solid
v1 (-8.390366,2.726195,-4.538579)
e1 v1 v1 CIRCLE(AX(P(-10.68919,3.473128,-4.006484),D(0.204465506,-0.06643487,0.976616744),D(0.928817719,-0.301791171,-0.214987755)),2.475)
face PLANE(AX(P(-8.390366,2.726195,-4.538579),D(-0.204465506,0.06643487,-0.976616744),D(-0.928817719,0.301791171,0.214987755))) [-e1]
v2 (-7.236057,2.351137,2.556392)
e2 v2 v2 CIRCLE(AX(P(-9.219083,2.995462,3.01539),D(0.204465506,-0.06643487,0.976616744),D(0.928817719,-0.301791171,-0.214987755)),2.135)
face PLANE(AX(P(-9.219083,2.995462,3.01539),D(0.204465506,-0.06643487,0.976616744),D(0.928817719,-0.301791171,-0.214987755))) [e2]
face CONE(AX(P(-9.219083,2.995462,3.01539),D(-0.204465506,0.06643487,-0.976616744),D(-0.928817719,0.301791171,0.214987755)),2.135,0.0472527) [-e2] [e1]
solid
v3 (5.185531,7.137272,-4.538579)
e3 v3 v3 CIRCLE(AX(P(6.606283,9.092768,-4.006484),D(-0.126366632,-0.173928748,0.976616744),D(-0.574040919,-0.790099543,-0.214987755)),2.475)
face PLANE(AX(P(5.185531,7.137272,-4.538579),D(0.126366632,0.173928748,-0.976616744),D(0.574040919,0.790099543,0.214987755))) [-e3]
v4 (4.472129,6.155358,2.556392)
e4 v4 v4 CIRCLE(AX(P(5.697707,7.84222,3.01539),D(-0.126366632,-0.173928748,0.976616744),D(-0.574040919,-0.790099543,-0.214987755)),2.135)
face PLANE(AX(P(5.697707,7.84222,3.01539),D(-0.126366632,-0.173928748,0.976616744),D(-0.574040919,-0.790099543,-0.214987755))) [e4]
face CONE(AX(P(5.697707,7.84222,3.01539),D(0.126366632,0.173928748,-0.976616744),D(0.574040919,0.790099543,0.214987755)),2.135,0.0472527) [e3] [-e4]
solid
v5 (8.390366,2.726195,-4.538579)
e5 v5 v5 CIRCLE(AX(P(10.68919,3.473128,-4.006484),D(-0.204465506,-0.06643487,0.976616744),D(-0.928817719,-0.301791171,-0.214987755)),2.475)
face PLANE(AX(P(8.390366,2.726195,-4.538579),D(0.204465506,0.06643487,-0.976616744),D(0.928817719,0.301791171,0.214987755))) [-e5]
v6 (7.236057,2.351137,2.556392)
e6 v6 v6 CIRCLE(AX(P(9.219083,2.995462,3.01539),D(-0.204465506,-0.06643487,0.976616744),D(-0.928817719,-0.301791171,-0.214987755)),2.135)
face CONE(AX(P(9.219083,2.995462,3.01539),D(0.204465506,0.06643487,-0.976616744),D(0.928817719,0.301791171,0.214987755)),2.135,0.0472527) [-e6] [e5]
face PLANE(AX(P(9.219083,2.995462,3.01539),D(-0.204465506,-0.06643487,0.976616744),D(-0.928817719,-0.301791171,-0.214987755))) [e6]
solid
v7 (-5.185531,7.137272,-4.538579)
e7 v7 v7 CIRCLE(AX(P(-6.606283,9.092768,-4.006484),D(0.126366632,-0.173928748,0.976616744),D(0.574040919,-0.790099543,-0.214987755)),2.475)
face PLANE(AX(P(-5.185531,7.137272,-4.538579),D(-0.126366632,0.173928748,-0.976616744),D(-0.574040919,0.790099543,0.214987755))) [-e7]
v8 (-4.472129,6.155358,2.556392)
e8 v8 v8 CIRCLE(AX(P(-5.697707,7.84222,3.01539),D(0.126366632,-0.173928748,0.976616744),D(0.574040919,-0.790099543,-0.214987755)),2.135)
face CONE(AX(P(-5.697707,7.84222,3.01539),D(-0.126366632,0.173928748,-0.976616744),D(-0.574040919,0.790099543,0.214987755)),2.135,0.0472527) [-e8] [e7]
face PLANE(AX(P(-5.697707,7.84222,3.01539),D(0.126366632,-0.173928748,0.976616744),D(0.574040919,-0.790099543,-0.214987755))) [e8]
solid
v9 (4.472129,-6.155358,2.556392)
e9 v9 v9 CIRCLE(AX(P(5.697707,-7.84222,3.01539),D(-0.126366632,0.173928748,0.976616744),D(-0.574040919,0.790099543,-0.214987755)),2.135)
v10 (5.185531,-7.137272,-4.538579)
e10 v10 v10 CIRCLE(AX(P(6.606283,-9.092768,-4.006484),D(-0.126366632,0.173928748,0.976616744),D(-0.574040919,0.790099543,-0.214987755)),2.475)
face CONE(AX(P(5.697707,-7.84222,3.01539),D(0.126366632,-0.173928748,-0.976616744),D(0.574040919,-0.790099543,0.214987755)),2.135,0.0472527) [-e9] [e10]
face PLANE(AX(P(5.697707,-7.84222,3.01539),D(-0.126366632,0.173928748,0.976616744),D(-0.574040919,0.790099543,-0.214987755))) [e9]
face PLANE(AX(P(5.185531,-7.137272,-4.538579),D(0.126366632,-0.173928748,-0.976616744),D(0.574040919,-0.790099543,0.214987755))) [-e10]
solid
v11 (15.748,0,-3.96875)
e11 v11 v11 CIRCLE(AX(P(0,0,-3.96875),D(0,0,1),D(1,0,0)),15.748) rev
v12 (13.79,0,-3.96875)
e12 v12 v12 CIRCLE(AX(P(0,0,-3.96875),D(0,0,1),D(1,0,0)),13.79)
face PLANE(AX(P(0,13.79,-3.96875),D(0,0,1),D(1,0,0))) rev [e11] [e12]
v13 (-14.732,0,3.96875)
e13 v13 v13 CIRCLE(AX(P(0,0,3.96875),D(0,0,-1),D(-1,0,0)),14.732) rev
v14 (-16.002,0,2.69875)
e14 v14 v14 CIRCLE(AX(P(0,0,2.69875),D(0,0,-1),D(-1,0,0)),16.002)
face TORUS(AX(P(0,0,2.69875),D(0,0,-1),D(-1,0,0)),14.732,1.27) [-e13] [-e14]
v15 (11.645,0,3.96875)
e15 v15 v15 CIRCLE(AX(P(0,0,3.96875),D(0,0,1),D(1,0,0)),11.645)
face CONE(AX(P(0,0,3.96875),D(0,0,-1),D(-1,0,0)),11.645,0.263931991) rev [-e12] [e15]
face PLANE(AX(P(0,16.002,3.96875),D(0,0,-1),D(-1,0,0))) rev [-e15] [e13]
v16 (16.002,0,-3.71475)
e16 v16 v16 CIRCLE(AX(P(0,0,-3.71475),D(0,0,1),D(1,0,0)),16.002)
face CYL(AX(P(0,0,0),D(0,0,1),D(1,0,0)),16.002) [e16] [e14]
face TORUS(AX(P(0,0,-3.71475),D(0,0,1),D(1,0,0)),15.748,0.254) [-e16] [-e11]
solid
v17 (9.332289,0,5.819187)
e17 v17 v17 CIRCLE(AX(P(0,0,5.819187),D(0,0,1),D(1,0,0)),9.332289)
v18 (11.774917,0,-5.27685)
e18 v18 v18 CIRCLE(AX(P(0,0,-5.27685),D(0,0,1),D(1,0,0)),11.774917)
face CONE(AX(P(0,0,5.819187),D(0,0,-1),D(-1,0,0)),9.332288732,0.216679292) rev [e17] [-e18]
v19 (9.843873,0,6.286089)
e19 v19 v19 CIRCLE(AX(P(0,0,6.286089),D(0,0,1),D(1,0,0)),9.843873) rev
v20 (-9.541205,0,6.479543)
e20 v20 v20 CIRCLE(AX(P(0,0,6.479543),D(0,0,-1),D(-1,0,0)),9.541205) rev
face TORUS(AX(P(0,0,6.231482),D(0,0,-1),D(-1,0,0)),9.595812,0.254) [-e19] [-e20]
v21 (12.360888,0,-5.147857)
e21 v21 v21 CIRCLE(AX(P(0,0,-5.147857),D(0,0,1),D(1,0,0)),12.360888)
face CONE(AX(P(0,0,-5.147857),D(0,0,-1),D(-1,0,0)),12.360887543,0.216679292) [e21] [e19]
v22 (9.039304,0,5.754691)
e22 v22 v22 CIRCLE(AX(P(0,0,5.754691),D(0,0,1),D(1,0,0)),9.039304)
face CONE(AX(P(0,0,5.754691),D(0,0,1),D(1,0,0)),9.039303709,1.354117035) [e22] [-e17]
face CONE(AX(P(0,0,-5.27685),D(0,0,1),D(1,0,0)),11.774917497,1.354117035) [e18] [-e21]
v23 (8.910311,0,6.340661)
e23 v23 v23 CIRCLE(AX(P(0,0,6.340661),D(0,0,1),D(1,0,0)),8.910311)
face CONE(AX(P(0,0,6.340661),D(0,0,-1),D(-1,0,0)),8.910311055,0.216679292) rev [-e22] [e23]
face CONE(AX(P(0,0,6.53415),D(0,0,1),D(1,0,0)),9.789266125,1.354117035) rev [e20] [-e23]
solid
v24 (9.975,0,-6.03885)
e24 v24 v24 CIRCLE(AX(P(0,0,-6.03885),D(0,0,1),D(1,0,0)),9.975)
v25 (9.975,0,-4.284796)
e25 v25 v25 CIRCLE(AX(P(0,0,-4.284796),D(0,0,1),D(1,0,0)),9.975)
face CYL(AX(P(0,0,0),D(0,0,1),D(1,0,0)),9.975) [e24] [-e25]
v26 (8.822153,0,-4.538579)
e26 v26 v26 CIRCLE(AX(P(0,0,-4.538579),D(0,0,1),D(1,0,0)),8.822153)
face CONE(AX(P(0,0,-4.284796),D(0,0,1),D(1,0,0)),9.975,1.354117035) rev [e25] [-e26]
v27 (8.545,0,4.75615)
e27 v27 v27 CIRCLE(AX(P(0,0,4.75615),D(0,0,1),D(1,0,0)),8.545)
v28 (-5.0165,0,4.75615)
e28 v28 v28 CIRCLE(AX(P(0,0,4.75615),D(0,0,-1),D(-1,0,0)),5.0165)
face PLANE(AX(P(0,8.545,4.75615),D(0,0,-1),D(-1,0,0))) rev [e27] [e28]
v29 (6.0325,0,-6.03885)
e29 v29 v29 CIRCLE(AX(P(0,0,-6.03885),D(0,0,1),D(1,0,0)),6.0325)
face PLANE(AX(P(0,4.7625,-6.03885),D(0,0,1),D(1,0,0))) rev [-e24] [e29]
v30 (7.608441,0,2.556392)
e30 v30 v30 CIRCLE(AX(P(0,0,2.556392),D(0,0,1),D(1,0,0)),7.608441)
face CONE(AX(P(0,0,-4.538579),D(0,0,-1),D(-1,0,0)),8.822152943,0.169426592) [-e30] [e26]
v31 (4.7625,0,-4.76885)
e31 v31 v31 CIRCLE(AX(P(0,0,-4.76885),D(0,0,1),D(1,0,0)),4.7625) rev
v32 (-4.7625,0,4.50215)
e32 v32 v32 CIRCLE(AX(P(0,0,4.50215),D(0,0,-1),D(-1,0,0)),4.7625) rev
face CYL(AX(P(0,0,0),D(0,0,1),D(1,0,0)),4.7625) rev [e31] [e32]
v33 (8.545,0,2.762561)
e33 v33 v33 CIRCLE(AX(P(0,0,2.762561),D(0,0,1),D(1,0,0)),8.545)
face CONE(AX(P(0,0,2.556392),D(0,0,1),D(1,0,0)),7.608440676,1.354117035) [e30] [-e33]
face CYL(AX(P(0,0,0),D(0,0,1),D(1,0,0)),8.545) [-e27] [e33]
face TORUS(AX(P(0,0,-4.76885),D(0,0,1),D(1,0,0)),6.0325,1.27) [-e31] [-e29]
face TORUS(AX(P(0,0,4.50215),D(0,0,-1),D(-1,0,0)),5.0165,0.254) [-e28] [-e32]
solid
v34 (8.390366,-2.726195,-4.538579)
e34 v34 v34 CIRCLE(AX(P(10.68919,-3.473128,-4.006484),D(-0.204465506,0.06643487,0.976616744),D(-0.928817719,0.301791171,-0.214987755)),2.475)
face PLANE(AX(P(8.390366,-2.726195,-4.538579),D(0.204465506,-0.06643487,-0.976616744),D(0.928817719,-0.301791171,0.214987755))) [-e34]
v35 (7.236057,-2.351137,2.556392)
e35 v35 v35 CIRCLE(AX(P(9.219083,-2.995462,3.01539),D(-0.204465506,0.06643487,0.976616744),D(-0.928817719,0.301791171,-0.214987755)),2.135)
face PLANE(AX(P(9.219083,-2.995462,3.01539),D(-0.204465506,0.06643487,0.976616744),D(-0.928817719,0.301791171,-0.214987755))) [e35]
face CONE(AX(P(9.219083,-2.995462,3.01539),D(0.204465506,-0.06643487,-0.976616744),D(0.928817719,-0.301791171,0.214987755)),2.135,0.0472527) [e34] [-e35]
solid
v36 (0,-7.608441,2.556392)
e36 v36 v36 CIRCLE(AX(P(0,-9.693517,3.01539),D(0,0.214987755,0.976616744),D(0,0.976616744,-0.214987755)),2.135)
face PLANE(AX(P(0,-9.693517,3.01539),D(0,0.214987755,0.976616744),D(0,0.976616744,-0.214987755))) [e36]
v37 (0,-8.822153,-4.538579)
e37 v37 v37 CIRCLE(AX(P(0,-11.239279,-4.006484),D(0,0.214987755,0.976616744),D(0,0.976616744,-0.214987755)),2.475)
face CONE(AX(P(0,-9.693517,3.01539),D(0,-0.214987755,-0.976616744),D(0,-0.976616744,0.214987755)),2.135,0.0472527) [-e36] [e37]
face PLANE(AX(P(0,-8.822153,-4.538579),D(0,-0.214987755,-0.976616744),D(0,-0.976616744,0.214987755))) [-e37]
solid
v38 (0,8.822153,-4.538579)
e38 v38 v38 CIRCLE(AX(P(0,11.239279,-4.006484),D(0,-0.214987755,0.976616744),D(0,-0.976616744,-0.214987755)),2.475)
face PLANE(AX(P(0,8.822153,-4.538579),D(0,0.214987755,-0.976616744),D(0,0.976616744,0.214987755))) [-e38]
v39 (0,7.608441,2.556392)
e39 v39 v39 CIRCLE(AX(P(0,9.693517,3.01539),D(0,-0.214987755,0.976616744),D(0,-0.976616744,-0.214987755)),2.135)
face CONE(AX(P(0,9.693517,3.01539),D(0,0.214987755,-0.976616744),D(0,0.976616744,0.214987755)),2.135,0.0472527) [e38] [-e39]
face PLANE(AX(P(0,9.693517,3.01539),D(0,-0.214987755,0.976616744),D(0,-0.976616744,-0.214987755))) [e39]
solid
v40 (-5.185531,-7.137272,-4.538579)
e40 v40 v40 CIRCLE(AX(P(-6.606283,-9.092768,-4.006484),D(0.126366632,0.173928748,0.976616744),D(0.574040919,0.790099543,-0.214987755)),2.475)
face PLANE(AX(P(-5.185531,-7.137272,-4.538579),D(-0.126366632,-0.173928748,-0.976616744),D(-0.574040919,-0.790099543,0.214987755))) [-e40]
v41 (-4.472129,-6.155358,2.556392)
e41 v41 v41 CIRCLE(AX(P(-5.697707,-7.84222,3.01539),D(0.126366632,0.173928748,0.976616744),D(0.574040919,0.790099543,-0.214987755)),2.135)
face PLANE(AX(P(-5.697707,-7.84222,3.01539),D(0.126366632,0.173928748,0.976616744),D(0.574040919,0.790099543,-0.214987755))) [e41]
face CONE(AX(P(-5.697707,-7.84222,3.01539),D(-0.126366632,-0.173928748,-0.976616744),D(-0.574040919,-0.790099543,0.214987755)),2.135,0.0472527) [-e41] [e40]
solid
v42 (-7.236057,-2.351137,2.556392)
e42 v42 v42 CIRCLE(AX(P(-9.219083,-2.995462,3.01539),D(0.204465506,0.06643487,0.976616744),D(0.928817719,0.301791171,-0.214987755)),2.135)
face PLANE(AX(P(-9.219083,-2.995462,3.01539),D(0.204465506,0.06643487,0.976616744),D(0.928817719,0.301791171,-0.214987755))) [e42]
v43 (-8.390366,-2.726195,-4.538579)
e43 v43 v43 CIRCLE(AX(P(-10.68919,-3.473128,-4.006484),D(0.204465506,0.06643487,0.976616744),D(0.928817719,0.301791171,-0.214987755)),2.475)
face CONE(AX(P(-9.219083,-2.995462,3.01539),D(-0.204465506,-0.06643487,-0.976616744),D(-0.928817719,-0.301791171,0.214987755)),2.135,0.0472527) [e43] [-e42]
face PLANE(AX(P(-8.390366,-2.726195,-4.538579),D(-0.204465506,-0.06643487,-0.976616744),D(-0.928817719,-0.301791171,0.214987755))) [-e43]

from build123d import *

# Parameters (mm, degrees)
CIRPATTERN1_COUNT = 10
FILLET1_R         = 1.27
FILLET2_R         = 1.27
FILLET3_R         = 0.254
FILLET4_R         = 0.254
FILLET5_R         = 0.254


with BuildPart() as part:
    # Sketch2 → Revolve1 (revolve)
    with BuildSketch(Plane(origin=(0, 0, 0), x_dir=(0, 0, -1), z_dir=(1, 0, 0))):
        Polygon((-3.96875, 16.002), (-3.96875, 11.645), (3.96875, 13.79), (3.96875, 16.002), align=None)
    revolve(axis=Axis((0, 0, 0), (0, 0, -1)))

    # Fillet2
    fillet2_edges = [part.edges().sort_by_distance(p)[0] for p in [
        (0, -16.002, 3.96875),
    ]]
    fillet(fillet2_edges, radius=FILLET2_R)

    # Fillet4
    fillet4_edges = [part.edges().sort_by_distance(p)[0] for p in [
        (0, -16.002, -3.96875),
    ]]
    fillet(fillet4_edges, radius=FILLET4_R)


with BuildPart() as body_2:
    # Sketch3 → Revolve2 (revolve)
    with BuildSketch(Plane(origin=(0, 0, 0), x_dir=(0, 0, -1), z_dir=(1, 0, 0))):
        Polygon((-4.75615, 8.545), (-4.75615, 4.7625), (6.03885, 4.7625), (6.03885, 9.975), (4.284796409, 9.975), (4.538578666, 8.822152943), (-2.556391562, 7.608440676), (-2.762561268, 8.545), align=None)
    revolve(axis=Axis((0, 0, 0), (0, 0, -1)))

    # Fillet1
    fillet1_edges = [body_2.edges().sort_by_distance(p)[0] for p in [
        (0, -4.7625, -6.03885),
    ]]
    fillet(fillet1_edges, radius=FILLET1_R)

    # Fillet3
    fillet3_edges = [body_2.edges().sort_by_distance(p)[0] for p in [
        (0, -4.7625, 4.75615),
    ]]
    fillet(fillet3_edges, radius=FILLET3_R)


with BuildPart() as body_3:
    # Sketch4 → Revolve3 (revolve)
    with BuildSketch(Plane(origin=(0, 0, 0), x_dir=(0, 0, -1), z_dir=(1, 0, 0))):
        Polygon((5.27685, 11.774917497), (5.147857347, 12.360887543), (-6.53415, 9.789266125), (-6.34066102, 8.910311055), (-5.754690974, 9.039303709), (-5.8191873, 9.332288732), align=None)
    revolve(axis=Axis((0, 0, 0), (0, 0, -1)))

    # Fillet5
    fillet5_edges = [body_3.edges().sort_by_distance(p)[0] for p in [
        (0, -9.789266125, 6.53415),
    ]]
    fillet(fillet5_edges, radius=FILLET5_R)


with BuildPart() as body_4:
    # Sketch6 → Revolve4 (revolve)
    with BuildSketch(Plane(origin=(0, 0, 0), x_dir=(0, 0, -1), z_dir=(1, 0, 0))):
        Polygon((4.538578666, 8.822152943), (4.006483971, 11.239279385), (-3.01539042, 9.693517424), (-2.556391562, 7.608440676), align=None)
    revolve(axis=Axis((0, 9.693517424, 3.01539042), (0, 0.21498775526235864, -0.9766167442181464)))


with BuildPart() as cirpattern1_1:
    # CirPattern1: pattern copy
    add(body_4.part.rotate(Axis((0, 0, 0), (0, 0, -1)), 1 * 360 / CIRPATTERN1_COUNT))


with BuildPart() as cirpattern1_2:
    # CirPattern1: pattern copy
    add(body_4.part.rotate(Axis((0, 0, 0), (0, 0, -1)), 2 * 360 / CIRPATTERN1_COUNT))


with BuildPart() as cirpattern1_3:
    # CirPattern1: pattern copy
    add(body_4.part.rotate(Axis((0, 0, 0), (0, 0, -1)), 3 * 360 / CIRPATTERN1_COUNT))


with BuildPart() as cirpattern1_4:
    # CirPattern1: pattern copy
    add(body_4.part.rotate(Axis((0, 0, 0), (0, 0, -1)), 4 * 360 / CIRPATTERN1_COUNT))


with BuildPart() as cirpattern1_5:
    # CirPattern1: pattern copy
    add(body_4.part.rotate(Axis((0, 0, 0), (0, 0, -1)), 5 * 360 / CIRPATTERN1_COUNT))


with BuildPart() as cirpattern1_6:
    # CirPattern1: pattern copy
    add(body_4.part.rotate(Axis((0, 0, 0), (0, 0, -1)), 6 * 360 / CIRPATTERN1_COUNT))


with BuildPart() as cirpattern1_7:
    # CirPattern1: pattern copy
    add(body_4.part.rotate(Axis((0, 0, 0), (0, 0, -1)), 7 * 360 / CIRPATTERN1_COUNT))


with BuildPart() as cirpattern1_8:
    # CirPattern1: pattern copy
    add(body_4.part.rotate(Axis((0, 0, 0), (0, 0, -1)), 8 * 360 / CIRPATTERN1_COUNT))


with BuildPart() as cirpattern1_9:
    # CirPattern1: pattern copy
    add(body_4.part.rotate(Axis((0, 0, 0), (0, 0, -1)), 9 * 360 / CIRPATTERN1_COUNT))


solid = Compound([part.part, body_2.part, body_3.part, body_4.part, cirpattern1_1.part, cirpattern1_2.part, cirpattern1_3.part, cirpattern1_4.part, cirpattern1_5.part, cirpattern1_6.part, cirpattern1_7.part, cirpattern1_8.part, cirpattern1_9.part])
